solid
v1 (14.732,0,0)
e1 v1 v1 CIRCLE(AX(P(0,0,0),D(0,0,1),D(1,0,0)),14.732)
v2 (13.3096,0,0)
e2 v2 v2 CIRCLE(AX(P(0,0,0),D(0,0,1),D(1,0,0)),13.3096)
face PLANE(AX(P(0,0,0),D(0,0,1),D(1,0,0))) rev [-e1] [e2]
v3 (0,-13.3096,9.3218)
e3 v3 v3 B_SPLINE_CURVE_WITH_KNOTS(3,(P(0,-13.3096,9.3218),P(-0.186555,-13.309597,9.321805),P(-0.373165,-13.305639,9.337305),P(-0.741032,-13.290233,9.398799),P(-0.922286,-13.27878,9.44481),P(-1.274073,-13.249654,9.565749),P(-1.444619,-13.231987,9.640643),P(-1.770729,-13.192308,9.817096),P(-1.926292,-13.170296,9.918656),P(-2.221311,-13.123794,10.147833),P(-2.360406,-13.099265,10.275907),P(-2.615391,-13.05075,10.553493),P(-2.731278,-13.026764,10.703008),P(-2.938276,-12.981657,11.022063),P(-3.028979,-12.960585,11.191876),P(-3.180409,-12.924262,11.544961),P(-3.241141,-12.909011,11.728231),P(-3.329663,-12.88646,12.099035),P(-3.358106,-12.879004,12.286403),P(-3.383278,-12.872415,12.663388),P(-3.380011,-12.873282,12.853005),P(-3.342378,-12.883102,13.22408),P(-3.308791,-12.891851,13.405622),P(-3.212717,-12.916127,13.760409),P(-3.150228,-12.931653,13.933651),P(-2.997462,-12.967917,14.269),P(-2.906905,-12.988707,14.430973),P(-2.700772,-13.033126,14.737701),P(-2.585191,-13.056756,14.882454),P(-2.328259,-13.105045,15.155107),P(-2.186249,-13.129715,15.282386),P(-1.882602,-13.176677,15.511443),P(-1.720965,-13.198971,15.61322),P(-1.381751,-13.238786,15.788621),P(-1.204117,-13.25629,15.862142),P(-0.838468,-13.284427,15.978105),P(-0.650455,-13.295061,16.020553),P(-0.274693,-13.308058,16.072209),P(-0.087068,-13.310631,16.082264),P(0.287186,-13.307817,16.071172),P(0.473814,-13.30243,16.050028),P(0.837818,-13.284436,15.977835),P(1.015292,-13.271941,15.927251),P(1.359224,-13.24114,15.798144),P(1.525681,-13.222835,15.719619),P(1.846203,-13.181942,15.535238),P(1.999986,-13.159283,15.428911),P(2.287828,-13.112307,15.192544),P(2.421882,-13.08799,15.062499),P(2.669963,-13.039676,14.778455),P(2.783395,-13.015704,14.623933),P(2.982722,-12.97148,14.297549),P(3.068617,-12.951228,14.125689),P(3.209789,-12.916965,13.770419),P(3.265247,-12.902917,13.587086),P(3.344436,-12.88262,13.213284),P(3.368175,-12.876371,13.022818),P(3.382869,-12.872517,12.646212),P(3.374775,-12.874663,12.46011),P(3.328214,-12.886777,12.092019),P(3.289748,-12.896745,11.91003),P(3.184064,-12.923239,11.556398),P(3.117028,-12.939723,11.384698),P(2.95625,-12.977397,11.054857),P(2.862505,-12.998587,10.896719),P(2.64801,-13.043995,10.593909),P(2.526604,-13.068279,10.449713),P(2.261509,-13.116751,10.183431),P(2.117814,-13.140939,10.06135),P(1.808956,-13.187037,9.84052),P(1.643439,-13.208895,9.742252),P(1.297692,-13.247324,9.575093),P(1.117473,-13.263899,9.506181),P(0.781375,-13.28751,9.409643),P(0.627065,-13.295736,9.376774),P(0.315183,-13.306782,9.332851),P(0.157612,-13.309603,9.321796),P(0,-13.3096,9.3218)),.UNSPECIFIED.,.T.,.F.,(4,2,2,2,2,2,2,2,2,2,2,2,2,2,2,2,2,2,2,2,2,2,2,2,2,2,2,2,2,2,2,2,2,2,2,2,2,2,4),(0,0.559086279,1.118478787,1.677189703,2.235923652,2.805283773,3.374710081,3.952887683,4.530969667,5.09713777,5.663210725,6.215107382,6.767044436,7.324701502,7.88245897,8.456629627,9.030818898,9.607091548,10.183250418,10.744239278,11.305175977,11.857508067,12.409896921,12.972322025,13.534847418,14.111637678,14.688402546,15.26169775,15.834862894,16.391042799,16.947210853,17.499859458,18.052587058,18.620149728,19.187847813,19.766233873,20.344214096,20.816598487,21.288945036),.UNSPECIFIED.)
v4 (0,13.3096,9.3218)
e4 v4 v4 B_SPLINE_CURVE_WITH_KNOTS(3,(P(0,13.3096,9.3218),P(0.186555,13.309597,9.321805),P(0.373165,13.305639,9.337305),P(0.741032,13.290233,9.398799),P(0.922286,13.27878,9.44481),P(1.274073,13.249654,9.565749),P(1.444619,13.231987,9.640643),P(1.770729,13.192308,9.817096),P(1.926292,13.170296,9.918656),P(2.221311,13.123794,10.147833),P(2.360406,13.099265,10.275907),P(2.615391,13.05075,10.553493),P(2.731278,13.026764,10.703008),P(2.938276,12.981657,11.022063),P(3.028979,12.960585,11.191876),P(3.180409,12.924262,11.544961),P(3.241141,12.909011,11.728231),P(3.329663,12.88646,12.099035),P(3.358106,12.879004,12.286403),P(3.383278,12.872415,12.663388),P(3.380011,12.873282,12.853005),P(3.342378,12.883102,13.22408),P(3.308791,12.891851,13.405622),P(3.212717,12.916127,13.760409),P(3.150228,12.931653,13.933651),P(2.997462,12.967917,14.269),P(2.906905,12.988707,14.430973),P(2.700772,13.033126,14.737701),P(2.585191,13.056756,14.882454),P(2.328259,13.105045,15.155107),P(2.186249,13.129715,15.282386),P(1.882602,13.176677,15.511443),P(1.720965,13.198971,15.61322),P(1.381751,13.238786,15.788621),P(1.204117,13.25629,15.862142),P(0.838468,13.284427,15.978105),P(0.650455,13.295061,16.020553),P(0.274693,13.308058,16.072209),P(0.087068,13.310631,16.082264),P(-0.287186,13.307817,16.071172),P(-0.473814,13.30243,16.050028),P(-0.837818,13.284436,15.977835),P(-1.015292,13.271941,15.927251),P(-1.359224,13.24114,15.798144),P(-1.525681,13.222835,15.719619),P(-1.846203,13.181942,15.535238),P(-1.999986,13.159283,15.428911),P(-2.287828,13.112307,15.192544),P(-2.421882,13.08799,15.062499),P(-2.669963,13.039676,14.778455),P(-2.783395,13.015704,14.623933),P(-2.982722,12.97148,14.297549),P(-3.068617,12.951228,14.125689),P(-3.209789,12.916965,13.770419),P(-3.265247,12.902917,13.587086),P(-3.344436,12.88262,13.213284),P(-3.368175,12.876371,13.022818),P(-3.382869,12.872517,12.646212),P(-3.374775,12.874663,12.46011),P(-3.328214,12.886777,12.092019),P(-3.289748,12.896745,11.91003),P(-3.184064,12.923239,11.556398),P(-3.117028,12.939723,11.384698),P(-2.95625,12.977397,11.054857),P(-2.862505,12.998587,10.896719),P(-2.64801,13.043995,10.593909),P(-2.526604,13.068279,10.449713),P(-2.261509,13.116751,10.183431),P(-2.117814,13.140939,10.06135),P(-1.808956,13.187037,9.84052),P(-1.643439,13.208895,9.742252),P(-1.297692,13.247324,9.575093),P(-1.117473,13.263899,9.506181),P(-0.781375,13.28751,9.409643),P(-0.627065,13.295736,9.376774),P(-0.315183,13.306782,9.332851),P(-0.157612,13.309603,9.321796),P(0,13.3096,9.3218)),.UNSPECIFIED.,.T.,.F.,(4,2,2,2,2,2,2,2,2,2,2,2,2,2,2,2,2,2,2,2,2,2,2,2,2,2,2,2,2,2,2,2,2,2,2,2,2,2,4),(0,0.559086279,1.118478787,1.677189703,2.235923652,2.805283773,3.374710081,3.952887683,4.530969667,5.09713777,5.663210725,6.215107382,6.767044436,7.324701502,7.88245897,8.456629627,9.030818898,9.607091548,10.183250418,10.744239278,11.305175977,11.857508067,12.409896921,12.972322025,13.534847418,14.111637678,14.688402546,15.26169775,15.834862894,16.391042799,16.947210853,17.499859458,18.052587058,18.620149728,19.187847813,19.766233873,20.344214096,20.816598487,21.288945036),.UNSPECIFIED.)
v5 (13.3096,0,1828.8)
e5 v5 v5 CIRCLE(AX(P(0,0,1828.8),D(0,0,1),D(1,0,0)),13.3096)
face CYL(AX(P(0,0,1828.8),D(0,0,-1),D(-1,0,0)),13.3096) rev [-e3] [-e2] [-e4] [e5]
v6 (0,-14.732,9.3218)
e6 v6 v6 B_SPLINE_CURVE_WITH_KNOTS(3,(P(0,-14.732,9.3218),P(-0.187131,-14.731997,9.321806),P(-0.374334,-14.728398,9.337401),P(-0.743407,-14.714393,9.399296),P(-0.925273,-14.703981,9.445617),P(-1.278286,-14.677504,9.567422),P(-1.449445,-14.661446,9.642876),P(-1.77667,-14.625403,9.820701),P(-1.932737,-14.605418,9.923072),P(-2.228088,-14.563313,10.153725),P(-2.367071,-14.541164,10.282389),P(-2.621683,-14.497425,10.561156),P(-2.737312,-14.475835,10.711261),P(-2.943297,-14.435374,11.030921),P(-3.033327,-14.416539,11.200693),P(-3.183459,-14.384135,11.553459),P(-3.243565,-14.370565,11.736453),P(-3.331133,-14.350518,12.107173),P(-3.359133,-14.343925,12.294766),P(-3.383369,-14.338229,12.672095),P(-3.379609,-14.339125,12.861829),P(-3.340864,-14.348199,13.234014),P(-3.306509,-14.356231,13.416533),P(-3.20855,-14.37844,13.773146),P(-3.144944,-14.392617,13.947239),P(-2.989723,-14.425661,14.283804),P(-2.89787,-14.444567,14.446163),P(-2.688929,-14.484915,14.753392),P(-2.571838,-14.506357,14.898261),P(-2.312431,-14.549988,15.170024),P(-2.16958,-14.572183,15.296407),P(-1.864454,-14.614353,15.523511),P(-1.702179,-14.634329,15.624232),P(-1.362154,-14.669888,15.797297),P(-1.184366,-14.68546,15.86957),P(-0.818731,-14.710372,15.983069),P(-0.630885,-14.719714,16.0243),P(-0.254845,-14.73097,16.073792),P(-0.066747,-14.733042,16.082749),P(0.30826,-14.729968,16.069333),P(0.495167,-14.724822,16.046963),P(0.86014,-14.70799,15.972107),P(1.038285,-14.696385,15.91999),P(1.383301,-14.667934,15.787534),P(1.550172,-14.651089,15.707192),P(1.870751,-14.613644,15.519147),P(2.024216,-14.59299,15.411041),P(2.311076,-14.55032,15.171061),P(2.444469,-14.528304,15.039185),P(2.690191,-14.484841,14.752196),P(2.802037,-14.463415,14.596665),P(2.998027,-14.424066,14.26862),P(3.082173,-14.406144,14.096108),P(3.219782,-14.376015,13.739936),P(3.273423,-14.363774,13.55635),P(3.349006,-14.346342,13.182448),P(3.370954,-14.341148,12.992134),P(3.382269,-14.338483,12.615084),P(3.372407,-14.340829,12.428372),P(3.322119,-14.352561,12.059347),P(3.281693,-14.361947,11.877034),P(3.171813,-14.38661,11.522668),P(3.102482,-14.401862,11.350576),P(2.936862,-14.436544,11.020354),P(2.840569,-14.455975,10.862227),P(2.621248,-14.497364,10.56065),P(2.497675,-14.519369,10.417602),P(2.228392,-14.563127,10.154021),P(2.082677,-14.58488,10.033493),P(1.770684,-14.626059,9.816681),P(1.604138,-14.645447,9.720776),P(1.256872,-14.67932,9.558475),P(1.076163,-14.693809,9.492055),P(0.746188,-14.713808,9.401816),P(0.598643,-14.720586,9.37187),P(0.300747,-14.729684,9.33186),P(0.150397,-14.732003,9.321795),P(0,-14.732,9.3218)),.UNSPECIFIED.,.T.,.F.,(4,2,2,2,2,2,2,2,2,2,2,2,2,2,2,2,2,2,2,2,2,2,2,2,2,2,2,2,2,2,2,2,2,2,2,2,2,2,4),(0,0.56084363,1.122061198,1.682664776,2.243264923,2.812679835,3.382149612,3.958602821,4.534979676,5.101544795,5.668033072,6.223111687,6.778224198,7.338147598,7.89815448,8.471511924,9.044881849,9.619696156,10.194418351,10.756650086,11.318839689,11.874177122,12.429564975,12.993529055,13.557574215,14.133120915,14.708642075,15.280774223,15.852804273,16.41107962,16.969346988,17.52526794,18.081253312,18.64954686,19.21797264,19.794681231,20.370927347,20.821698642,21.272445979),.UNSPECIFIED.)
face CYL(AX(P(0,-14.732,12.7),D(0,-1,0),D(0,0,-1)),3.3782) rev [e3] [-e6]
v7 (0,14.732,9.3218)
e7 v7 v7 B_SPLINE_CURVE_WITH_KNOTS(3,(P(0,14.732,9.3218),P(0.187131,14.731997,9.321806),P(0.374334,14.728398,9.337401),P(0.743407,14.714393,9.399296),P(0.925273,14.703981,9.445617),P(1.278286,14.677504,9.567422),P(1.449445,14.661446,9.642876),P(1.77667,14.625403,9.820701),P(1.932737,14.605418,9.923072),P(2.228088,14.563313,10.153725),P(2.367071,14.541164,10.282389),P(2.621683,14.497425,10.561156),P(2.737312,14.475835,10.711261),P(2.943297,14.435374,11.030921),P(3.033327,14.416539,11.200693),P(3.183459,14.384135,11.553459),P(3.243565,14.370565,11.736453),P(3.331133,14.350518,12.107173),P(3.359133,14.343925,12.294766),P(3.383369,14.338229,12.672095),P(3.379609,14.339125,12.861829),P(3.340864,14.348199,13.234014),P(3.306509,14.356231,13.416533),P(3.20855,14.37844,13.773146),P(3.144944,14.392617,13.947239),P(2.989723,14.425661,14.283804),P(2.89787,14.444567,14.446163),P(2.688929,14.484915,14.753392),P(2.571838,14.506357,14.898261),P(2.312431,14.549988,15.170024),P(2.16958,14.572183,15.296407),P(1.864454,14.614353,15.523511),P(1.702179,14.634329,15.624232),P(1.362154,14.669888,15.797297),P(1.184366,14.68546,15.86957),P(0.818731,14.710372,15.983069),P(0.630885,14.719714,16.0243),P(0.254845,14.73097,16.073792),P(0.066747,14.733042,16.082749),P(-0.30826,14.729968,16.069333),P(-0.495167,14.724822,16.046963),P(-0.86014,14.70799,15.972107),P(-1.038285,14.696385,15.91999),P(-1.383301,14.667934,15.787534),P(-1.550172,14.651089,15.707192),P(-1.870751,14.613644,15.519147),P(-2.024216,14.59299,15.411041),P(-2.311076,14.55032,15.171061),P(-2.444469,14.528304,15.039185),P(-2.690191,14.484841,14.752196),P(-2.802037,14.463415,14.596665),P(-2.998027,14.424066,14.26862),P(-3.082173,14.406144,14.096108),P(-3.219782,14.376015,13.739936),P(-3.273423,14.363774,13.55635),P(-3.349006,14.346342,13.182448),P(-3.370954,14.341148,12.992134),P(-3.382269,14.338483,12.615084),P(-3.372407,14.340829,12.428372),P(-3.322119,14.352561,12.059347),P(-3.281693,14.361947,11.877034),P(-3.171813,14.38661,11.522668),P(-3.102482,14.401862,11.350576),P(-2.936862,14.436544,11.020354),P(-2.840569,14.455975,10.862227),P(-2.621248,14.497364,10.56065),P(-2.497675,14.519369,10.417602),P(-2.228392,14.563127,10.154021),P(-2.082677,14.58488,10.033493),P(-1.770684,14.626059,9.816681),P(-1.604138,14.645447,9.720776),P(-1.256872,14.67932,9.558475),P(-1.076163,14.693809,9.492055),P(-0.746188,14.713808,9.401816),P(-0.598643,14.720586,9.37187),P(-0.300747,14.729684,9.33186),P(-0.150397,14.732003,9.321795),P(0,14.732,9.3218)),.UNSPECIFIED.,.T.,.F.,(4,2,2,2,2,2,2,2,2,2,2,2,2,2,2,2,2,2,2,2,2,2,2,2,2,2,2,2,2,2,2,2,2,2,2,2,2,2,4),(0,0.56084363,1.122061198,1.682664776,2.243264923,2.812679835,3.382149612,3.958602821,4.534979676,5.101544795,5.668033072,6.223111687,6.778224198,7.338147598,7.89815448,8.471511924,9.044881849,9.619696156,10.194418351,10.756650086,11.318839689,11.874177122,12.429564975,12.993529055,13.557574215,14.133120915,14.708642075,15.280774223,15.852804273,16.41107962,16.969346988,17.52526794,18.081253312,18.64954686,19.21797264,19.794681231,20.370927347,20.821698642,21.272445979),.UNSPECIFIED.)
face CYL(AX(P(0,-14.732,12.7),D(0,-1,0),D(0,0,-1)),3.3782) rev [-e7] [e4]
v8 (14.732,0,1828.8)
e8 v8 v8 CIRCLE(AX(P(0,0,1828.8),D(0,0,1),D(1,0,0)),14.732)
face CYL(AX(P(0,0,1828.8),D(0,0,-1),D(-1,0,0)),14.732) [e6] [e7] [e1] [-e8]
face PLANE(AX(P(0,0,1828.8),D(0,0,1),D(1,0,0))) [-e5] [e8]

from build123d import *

# Parameters (mm, degrees)
SKETCH1_R               = 14.732
SKETCH1_R_2             = 13.3096
EXTRUDE1_DEPTH          = 1828.8
F_1_4_CLEARANCE_HOLE2_D = 6.7564


with BuildPart() as part:
    # Sketch1 → Extrude1 (new body)
    with BuildSketch(Plane.XY):
        with Locations(Location((0, 0, 0), (0, 0, 180))):
            Circle(SKETCH1_R)
        with Locations(Location((0, 0, 0), (0, 0, 180))):
            Circle(SKETCH1_R_2, mode=Mode.SUBTRACT)
    extrude(amount=EXTRUDE1_DEPTH)

    # 1/4 Clearance Hole2 (through all)
    with Locations(Plane(origin=(0, -14.732, 914.4), x_dir=(-1, 0, 0), z_dir=(0, -1, 0))):
        with Locations((0, 901.7)):
            Hole(F_1_4_CLEARANCE_HOLE2_D / 2)


solid = part.part
